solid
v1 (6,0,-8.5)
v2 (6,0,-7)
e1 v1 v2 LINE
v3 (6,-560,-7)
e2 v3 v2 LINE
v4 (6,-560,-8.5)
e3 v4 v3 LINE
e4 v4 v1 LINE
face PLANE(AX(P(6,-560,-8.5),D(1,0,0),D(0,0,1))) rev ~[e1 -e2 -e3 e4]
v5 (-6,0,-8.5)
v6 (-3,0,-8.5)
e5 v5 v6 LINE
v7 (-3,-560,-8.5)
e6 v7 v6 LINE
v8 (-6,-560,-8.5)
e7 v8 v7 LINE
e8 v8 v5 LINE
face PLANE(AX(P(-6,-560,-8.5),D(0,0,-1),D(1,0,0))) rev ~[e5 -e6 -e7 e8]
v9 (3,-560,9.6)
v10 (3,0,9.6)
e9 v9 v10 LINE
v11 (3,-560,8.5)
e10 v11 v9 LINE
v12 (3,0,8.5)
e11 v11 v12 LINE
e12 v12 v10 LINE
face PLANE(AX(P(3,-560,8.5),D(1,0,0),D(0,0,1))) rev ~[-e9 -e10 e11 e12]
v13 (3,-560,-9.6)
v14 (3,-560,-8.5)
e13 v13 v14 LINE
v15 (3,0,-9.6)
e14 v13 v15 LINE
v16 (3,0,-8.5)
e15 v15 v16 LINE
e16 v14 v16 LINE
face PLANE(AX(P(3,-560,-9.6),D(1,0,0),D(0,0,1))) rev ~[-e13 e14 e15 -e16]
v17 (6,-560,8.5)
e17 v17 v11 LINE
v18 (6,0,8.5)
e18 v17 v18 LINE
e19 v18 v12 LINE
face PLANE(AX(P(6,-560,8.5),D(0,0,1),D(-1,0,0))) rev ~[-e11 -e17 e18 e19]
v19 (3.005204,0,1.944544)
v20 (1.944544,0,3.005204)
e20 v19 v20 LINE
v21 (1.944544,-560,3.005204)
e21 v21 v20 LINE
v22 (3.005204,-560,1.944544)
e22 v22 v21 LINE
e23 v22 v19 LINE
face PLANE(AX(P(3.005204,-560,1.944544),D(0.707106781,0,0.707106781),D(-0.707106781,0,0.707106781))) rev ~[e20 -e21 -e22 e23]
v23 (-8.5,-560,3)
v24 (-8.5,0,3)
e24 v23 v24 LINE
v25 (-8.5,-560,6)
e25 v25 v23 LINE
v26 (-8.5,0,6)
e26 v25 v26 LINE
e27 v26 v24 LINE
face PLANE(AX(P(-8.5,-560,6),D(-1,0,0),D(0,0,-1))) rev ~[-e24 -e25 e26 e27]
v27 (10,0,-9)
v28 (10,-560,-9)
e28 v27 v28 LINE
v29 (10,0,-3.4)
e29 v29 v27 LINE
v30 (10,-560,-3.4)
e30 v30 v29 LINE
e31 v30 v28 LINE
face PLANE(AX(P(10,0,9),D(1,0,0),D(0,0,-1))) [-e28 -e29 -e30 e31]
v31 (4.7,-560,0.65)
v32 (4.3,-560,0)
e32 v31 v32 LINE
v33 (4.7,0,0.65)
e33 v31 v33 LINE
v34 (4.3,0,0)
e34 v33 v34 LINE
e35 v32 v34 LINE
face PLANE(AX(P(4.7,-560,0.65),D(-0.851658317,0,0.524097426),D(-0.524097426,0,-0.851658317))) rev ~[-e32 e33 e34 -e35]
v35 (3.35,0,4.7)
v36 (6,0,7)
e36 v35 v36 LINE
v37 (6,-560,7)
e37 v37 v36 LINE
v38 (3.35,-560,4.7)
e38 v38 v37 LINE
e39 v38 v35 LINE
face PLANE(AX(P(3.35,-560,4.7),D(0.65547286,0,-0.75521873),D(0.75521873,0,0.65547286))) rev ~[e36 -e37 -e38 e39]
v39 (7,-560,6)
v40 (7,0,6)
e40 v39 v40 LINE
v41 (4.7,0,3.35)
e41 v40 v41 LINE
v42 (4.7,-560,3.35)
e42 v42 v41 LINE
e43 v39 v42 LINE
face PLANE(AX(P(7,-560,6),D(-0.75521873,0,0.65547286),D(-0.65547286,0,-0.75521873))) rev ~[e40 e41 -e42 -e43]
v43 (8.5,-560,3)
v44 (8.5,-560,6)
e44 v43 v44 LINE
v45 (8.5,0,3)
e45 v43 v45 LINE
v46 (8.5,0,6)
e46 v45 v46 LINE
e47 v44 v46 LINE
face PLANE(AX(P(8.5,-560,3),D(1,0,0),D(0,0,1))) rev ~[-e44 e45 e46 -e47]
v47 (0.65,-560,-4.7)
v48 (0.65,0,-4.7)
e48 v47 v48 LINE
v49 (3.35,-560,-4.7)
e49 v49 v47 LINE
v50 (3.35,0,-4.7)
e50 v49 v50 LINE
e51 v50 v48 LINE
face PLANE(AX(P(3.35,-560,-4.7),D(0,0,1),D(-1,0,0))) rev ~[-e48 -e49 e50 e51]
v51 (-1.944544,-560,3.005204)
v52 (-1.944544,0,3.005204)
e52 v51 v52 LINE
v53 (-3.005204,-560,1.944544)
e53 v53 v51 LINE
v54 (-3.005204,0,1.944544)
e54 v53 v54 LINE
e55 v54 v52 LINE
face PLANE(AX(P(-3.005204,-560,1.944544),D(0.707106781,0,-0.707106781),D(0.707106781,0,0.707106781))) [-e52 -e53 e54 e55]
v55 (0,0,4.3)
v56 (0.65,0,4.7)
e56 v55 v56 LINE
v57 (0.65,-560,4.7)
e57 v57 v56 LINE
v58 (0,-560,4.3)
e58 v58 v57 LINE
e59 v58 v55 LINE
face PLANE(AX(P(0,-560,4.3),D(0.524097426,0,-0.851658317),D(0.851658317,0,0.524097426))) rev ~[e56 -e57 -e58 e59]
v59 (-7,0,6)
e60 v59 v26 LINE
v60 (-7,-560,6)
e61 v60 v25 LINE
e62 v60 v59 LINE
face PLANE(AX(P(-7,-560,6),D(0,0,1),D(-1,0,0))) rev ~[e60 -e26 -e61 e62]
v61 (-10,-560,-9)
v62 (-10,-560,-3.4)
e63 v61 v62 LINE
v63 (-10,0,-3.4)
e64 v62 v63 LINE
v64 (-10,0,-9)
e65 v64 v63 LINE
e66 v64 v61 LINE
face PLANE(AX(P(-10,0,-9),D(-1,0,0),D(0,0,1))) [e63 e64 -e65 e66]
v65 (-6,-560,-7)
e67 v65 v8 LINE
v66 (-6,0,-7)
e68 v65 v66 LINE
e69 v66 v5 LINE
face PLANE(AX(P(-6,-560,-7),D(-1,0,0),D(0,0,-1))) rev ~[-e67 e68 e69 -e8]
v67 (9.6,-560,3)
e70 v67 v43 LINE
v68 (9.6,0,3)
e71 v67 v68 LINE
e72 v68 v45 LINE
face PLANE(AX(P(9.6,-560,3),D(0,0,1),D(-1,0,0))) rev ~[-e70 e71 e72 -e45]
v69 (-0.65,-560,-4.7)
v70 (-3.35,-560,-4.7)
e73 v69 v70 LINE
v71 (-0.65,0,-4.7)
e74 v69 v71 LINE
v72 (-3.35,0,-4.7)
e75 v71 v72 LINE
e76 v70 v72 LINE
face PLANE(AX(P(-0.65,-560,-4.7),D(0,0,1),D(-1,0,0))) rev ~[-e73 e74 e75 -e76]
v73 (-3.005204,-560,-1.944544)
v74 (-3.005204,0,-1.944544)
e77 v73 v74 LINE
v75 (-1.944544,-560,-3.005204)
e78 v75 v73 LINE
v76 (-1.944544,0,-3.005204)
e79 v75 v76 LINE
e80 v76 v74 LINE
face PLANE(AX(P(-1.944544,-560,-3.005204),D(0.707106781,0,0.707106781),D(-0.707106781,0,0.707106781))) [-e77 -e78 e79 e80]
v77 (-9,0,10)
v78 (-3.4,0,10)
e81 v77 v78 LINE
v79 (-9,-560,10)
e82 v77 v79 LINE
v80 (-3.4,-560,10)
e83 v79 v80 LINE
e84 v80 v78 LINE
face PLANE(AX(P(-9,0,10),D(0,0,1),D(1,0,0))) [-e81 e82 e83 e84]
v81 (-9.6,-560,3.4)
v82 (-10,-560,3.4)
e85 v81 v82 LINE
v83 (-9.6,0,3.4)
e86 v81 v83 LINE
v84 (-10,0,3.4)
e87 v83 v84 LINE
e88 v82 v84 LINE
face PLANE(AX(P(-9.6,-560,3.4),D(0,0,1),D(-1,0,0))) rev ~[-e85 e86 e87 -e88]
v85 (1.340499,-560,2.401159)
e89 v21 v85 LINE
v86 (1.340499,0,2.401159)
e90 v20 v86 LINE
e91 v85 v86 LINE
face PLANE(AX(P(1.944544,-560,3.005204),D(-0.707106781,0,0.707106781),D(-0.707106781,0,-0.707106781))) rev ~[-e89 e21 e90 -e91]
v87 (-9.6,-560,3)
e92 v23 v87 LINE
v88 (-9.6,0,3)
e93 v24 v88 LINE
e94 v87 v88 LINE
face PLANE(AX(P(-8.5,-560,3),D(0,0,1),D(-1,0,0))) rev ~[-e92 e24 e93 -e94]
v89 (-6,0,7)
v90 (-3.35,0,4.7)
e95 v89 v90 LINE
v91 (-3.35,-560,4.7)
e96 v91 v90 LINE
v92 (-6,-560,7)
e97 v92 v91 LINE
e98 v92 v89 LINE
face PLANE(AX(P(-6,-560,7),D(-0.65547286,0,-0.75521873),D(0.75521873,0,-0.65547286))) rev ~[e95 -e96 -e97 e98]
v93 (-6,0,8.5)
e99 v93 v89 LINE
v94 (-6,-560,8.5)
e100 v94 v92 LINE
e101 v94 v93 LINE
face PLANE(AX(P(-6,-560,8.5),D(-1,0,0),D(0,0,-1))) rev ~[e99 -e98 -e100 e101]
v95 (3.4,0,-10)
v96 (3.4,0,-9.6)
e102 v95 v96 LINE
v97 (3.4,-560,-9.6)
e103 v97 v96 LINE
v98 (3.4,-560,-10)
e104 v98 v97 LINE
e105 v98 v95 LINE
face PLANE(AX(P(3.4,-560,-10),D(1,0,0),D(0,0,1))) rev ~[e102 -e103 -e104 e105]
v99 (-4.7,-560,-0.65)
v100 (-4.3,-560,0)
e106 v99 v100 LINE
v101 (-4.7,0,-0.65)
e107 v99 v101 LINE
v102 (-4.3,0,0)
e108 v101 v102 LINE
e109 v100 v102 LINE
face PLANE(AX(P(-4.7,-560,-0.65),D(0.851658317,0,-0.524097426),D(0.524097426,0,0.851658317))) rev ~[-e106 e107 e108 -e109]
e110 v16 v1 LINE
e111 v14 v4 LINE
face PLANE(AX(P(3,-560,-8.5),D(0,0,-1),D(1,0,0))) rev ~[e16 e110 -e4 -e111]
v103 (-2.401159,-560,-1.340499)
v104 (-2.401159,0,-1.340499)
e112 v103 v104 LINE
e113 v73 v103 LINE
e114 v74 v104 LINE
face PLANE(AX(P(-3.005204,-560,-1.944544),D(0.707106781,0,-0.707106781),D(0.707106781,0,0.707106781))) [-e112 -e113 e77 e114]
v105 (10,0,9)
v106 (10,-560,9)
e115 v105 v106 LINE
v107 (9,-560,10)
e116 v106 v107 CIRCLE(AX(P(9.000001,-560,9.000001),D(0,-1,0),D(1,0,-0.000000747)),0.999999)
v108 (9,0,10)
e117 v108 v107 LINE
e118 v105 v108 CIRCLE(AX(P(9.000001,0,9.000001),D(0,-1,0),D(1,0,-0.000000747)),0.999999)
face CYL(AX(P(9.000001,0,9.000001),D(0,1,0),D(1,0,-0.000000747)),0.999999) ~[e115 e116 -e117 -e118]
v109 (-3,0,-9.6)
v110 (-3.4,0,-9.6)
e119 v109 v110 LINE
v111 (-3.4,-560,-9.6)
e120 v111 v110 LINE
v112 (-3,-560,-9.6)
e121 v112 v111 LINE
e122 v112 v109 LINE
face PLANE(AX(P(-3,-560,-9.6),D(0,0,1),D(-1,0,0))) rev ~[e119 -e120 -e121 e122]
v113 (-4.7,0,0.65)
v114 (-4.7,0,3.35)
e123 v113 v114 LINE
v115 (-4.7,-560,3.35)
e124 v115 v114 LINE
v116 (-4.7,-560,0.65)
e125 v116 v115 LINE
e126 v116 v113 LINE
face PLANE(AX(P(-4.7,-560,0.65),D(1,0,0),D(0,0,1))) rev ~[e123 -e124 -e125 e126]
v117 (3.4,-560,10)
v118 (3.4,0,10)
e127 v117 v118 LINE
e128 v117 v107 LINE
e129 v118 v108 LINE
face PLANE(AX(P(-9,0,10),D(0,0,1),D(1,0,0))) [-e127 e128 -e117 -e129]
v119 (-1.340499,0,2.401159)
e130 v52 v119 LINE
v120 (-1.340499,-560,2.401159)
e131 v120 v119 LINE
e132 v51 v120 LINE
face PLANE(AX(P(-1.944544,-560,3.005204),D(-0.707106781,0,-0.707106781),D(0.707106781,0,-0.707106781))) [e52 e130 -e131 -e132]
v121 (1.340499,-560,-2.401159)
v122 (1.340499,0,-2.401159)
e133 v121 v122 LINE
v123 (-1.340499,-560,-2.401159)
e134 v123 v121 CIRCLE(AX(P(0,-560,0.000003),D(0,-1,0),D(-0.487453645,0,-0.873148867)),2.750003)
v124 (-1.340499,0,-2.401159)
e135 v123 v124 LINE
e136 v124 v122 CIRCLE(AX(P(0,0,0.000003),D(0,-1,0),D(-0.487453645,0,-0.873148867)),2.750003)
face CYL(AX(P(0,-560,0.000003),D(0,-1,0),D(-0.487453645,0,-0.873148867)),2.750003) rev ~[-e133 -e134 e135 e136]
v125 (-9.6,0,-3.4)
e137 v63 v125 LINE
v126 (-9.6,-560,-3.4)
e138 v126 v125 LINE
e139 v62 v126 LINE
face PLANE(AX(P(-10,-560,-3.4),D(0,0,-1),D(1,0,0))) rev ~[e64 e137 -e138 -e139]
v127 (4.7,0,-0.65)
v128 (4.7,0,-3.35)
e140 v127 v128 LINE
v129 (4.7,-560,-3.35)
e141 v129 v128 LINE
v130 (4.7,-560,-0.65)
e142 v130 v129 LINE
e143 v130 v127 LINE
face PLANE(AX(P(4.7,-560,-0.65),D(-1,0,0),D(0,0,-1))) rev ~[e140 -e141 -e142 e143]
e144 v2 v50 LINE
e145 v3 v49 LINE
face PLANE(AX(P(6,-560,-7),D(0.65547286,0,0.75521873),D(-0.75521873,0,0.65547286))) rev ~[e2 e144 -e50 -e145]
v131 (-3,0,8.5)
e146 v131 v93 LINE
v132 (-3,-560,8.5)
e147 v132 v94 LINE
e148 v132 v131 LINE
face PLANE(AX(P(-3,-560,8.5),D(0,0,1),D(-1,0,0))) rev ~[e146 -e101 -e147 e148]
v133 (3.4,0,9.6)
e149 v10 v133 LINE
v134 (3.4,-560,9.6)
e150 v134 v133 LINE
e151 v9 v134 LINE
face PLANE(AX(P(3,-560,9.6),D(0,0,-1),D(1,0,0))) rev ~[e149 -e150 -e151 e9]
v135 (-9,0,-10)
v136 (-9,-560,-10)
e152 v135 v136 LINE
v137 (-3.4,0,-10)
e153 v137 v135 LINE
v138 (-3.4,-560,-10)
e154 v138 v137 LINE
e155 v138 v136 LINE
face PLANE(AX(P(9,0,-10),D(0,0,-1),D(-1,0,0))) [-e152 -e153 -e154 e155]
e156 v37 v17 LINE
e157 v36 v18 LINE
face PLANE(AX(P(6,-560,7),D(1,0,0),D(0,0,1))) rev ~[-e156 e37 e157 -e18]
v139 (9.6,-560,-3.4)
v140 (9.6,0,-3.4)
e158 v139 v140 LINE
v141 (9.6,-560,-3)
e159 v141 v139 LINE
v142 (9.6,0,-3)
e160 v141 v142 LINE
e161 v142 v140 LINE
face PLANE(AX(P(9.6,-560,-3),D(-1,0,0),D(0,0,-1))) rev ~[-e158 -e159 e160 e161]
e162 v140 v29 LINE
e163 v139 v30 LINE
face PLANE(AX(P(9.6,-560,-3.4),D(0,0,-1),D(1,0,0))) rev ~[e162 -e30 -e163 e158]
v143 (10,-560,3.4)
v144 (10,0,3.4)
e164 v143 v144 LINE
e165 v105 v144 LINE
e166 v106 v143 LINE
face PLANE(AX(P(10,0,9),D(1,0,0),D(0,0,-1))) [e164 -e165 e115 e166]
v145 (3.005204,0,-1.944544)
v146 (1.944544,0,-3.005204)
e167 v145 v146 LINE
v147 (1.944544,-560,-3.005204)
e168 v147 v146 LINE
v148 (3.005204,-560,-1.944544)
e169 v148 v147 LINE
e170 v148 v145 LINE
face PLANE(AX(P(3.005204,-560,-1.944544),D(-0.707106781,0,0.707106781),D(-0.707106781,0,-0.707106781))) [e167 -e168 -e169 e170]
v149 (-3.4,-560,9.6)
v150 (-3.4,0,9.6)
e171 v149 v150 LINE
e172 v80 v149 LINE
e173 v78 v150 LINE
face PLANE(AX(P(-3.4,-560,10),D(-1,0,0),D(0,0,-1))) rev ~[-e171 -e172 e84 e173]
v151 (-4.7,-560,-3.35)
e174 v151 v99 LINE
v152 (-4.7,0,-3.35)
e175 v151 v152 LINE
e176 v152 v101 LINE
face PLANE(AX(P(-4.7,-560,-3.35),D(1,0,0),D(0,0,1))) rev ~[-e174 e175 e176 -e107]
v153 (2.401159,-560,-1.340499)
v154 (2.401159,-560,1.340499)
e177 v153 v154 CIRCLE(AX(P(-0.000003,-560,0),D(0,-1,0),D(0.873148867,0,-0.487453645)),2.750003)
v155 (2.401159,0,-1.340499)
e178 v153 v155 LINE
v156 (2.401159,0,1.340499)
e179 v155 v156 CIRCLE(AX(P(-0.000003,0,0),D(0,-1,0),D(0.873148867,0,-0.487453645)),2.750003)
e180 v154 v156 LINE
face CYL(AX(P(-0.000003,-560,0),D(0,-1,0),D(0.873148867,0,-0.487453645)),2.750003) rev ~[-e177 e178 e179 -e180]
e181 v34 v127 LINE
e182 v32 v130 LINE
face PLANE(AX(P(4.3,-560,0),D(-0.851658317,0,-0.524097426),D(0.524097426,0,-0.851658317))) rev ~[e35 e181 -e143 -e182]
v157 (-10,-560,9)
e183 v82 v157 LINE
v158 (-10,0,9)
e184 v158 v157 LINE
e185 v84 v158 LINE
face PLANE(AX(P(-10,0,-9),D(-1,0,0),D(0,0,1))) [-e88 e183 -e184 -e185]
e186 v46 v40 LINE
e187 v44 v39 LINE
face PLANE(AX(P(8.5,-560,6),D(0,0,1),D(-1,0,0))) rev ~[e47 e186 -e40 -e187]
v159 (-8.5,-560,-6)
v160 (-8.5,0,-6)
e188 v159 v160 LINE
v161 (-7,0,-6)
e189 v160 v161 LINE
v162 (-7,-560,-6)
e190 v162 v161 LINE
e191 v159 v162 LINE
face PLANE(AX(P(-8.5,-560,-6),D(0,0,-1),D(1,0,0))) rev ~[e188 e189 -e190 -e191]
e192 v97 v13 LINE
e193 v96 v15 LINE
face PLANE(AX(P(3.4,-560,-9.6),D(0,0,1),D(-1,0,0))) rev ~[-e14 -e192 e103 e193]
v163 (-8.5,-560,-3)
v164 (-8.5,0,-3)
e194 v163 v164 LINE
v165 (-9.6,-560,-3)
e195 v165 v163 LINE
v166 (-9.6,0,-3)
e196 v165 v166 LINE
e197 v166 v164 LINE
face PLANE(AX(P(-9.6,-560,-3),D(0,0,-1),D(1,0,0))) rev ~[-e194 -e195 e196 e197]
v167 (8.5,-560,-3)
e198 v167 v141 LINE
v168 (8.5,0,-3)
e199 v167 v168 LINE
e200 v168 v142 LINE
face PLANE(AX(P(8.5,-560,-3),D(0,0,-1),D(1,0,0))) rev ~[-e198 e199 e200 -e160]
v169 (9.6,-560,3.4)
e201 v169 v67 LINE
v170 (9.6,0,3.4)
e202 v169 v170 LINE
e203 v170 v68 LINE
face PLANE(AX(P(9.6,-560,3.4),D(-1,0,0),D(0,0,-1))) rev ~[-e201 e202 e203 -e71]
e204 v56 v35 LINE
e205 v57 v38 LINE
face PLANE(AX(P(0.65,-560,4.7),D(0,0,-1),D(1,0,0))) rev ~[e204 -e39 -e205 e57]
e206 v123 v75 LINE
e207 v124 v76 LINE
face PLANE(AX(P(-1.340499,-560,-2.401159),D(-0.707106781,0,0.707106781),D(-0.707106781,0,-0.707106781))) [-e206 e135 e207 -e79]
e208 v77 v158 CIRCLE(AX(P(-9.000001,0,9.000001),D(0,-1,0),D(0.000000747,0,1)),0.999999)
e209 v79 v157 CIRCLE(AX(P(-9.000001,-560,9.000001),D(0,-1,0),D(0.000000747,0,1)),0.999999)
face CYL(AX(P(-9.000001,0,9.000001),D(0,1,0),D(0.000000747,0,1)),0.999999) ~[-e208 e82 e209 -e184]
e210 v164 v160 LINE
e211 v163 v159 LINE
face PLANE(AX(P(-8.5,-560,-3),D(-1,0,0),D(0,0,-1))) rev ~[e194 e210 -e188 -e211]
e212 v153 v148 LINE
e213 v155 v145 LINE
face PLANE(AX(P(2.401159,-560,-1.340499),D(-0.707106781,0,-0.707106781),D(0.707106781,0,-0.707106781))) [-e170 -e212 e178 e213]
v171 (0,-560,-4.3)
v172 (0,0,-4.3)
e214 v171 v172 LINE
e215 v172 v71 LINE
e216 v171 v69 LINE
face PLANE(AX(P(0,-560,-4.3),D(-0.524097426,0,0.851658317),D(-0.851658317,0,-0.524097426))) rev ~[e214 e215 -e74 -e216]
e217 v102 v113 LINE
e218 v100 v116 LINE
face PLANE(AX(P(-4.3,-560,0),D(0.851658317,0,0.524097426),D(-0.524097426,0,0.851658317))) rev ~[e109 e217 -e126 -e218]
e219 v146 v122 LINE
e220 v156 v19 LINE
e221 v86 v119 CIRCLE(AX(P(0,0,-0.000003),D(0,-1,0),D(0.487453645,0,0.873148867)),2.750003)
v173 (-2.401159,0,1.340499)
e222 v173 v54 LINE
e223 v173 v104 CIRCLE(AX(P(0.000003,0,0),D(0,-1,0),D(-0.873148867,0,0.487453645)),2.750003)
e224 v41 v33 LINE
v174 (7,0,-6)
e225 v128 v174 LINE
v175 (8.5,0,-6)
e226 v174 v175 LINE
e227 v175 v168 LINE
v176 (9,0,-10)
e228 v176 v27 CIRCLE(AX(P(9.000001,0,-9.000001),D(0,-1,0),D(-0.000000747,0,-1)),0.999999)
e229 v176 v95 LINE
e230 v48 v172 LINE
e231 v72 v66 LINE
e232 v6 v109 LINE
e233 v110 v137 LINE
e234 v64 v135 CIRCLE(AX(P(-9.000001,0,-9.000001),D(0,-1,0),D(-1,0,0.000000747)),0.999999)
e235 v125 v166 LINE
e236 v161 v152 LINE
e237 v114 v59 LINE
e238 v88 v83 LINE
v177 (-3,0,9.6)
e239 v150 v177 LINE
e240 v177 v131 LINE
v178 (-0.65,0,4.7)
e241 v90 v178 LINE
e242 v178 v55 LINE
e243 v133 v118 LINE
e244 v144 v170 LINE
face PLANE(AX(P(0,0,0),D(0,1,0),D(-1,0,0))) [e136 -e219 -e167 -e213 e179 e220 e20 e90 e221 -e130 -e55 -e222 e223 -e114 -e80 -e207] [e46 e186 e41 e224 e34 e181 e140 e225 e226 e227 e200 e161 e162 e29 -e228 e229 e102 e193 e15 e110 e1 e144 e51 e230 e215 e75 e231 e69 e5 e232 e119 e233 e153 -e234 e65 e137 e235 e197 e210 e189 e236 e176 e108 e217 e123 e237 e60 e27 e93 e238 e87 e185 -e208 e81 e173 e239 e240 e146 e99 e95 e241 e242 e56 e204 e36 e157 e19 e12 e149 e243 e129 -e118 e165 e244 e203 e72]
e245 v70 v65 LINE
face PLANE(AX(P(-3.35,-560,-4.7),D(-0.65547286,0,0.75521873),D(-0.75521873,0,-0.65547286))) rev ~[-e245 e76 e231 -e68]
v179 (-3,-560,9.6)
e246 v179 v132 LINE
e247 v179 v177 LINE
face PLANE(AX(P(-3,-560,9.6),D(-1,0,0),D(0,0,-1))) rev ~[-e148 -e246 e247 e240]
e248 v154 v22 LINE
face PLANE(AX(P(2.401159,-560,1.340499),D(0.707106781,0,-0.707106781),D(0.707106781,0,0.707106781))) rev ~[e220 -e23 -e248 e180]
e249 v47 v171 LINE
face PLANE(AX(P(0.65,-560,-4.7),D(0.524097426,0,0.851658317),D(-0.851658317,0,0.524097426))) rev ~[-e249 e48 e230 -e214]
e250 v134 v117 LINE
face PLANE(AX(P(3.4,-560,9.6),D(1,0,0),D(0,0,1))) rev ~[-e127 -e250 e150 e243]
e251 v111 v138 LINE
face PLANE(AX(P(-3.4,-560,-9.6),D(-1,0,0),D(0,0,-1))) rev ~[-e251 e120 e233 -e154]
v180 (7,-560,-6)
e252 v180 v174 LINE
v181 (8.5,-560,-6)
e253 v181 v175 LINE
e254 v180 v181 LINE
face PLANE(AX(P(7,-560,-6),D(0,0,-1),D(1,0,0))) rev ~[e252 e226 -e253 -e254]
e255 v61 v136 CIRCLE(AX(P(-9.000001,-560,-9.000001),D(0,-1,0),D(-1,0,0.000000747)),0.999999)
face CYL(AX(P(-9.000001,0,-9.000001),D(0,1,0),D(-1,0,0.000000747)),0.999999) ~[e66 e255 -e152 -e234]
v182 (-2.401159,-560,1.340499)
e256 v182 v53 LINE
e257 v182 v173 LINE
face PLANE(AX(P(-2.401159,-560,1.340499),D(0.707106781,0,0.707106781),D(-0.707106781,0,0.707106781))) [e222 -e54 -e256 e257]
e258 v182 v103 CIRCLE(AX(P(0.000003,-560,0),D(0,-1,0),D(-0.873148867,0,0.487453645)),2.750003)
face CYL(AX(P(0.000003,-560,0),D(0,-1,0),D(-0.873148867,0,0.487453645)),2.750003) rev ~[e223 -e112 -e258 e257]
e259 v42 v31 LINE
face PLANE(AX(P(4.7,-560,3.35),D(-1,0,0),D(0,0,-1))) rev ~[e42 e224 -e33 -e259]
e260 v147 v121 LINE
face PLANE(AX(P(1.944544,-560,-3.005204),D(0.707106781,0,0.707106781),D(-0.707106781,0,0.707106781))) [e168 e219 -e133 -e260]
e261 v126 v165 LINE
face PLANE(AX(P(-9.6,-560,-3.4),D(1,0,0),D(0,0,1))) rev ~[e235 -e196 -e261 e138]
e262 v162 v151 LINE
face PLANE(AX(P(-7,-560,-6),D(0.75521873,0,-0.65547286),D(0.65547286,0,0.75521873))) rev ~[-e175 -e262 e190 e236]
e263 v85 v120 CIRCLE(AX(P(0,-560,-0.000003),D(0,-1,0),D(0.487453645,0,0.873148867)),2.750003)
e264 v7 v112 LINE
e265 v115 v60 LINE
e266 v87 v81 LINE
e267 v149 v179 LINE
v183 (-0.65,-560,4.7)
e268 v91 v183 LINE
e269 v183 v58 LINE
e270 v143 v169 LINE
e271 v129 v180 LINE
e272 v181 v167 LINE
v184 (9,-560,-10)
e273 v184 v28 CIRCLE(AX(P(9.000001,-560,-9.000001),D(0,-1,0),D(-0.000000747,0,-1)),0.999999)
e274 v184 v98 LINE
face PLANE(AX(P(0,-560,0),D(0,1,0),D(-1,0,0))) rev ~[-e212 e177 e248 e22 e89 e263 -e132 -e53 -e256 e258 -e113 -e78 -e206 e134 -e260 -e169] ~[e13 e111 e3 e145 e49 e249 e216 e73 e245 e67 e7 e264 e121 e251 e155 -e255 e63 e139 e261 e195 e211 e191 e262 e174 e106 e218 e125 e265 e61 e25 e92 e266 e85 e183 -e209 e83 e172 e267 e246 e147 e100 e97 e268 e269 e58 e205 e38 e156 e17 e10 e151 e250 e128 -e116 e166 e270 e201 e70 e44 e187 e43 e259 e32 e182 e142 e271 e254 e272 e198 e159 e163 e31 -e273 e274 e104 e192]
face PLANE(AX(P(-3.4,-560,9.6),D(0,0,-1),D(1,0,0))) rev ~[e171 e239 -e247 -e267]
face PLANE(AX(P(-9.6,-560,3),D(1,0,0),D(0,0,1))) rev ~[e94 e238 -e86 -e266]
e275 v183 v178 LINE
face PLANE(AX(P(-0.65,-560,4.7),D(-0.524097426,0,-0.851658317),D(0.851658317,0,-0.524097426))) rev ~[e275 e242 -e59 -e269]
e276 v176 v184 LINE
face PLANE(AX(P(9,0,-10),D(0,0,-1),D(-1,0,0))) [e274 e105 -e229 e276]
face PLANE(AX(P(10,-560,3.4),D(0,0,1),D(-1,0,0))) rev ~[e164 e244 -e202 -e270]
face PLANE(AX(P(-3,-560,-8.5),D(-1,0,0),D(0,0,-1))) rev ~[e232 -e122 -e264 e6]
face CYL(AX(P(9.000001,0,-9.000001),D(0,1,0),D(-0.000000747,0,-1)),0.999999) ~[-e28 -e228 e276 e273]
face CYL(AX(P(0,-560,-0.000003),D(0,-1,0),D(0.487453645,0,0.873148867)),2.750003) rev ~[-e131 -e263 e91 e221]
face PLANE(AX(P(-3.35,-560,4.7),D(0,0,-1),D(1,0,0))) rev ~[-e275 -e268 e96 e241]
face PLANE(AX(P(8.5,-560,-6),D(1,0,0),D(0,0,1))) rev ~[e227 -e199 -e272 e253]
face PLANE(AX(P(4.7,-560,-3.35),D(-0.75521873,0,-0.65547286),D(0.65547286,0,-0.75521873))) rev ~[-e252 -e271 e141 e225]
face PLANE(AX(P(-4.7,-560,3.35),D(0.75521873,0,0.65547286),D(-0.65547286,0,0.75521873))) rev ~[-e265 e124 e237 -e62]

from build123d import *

# Parameters (mm, degrees)
PAD_DEPTH          = 560
POCKET_DEPTH       = 560
POLARPATTERN_COUNT = 4
POCKET001_DEPTH    = 560


with BuildPart() as part:
    # Sketch → Pad (new body)
    with BuildSketch(Plane.XZ):
        with BuildLine():
            Line((-9, 10), (9, 10))
            ThreePointArc((10, 9), (9.707107, 9.707107), (9, 10))
            Line((10, 9), (10, -9))
            ThreePointArc((9, -10), (9.707107, -9.707107), (10, -9))
            Line((9, -10), (-9, -10))
            ThreePointArc((-10, -9), (-9.707107, -9.707107), (-9, -10))
            Line((-10, -9), (-10, 9))
            ThreePointArc((-9, 10), (-9.707107, 9.707107), (-10, 9))
        make_face()
    extrude(amount=PAD_DEPTH)

    # Sketch001 (on Face10 of Pad) → Pocket (cut)
    with BuildSketch(Plane.XZ.offset(560)):
        Polygon((-3.4, 10), (-3.4, 9.6), (-3, 9.6), (-3, 8.5), (-6, 8.5), (-6, 7), (-3.35, 4.7), (-0.65, 4.7), (0, 4.3), (0.65, 4.7), (3.35, 4.7), (6, 7), (6, 8.5), (3, 8.5), (3, 9.6), (3.4, 9.6), (3.4, 10), align=None)
    pocket = extrude(amount=-POCKET_DEPTH, mode=Mode.SUBTRACT)

    # PolarPattern: Pocket ×4 about axis
    polarpattern_axis = Axis((0, -560, 0), (0, -1, 0))
    for i in range(1, POLARPATTERN_COUNT):
        add(pocket.rotate(polarpattern_axis, i * 360 / POLARPATTERN_COUNT), mode=Mode.SUBTRACT)

    # Sketch002 (on Face4 of PolarPattern) → Pocket001 (cut)
    with BuildSketch(Plane.XZ.offset(560)):
        with BuildLine():
            ThreePointArc((1.340499, 2.401159), (0, 2.75), (-1.340499, 2.401159))
            Line((-1.944544, 3.005204), (-1.340499, 2.401159))
            Line((-3.005204, 1.944544), (-1.944544, 3.005204))
            Line((-2.401159, 1.340499), (-3.005204, 1.944544))
            ThreePointArc((-2.401159, 1.340499), (-2.75, 0), (-2.401159, -1.340499))
            Line((-3.005204, -1.944544), (-2.401159, -1.340499))
            Line((-1.944544, -3.005204), (-3.005204, -1.944544))
            Line((-1.340499, -2.401159), (-1.944544, -3.005204))
            ThreePointArc((-1.340499, -2.401159), (0, -2.75), (1.340499, -2.401159))
            Line((1.944544, -3.005204), (1.340499, -2.401159))
            Line((3.005204, -1.944544), (1.944544, -3.005204))
            Line((2.401159, -1.340499), (3.005204, -1.944544))
            ThreePointArc((2.401159, -1.340499), (2.75, 0), (2.401159, 1.340499))
            Line((2.401159, 1.340499), (3.005204, 1.944544))
            Line((3.005204, 1.944544), (1.944544, 3.005204))
            Line((1.944544, 3.005204), (1.340499, 2.401159))
        make_face()
    extrude(amount=-POCKET001_DEPTH, mode=Mode.SUBTRACT)


solid = part.part
